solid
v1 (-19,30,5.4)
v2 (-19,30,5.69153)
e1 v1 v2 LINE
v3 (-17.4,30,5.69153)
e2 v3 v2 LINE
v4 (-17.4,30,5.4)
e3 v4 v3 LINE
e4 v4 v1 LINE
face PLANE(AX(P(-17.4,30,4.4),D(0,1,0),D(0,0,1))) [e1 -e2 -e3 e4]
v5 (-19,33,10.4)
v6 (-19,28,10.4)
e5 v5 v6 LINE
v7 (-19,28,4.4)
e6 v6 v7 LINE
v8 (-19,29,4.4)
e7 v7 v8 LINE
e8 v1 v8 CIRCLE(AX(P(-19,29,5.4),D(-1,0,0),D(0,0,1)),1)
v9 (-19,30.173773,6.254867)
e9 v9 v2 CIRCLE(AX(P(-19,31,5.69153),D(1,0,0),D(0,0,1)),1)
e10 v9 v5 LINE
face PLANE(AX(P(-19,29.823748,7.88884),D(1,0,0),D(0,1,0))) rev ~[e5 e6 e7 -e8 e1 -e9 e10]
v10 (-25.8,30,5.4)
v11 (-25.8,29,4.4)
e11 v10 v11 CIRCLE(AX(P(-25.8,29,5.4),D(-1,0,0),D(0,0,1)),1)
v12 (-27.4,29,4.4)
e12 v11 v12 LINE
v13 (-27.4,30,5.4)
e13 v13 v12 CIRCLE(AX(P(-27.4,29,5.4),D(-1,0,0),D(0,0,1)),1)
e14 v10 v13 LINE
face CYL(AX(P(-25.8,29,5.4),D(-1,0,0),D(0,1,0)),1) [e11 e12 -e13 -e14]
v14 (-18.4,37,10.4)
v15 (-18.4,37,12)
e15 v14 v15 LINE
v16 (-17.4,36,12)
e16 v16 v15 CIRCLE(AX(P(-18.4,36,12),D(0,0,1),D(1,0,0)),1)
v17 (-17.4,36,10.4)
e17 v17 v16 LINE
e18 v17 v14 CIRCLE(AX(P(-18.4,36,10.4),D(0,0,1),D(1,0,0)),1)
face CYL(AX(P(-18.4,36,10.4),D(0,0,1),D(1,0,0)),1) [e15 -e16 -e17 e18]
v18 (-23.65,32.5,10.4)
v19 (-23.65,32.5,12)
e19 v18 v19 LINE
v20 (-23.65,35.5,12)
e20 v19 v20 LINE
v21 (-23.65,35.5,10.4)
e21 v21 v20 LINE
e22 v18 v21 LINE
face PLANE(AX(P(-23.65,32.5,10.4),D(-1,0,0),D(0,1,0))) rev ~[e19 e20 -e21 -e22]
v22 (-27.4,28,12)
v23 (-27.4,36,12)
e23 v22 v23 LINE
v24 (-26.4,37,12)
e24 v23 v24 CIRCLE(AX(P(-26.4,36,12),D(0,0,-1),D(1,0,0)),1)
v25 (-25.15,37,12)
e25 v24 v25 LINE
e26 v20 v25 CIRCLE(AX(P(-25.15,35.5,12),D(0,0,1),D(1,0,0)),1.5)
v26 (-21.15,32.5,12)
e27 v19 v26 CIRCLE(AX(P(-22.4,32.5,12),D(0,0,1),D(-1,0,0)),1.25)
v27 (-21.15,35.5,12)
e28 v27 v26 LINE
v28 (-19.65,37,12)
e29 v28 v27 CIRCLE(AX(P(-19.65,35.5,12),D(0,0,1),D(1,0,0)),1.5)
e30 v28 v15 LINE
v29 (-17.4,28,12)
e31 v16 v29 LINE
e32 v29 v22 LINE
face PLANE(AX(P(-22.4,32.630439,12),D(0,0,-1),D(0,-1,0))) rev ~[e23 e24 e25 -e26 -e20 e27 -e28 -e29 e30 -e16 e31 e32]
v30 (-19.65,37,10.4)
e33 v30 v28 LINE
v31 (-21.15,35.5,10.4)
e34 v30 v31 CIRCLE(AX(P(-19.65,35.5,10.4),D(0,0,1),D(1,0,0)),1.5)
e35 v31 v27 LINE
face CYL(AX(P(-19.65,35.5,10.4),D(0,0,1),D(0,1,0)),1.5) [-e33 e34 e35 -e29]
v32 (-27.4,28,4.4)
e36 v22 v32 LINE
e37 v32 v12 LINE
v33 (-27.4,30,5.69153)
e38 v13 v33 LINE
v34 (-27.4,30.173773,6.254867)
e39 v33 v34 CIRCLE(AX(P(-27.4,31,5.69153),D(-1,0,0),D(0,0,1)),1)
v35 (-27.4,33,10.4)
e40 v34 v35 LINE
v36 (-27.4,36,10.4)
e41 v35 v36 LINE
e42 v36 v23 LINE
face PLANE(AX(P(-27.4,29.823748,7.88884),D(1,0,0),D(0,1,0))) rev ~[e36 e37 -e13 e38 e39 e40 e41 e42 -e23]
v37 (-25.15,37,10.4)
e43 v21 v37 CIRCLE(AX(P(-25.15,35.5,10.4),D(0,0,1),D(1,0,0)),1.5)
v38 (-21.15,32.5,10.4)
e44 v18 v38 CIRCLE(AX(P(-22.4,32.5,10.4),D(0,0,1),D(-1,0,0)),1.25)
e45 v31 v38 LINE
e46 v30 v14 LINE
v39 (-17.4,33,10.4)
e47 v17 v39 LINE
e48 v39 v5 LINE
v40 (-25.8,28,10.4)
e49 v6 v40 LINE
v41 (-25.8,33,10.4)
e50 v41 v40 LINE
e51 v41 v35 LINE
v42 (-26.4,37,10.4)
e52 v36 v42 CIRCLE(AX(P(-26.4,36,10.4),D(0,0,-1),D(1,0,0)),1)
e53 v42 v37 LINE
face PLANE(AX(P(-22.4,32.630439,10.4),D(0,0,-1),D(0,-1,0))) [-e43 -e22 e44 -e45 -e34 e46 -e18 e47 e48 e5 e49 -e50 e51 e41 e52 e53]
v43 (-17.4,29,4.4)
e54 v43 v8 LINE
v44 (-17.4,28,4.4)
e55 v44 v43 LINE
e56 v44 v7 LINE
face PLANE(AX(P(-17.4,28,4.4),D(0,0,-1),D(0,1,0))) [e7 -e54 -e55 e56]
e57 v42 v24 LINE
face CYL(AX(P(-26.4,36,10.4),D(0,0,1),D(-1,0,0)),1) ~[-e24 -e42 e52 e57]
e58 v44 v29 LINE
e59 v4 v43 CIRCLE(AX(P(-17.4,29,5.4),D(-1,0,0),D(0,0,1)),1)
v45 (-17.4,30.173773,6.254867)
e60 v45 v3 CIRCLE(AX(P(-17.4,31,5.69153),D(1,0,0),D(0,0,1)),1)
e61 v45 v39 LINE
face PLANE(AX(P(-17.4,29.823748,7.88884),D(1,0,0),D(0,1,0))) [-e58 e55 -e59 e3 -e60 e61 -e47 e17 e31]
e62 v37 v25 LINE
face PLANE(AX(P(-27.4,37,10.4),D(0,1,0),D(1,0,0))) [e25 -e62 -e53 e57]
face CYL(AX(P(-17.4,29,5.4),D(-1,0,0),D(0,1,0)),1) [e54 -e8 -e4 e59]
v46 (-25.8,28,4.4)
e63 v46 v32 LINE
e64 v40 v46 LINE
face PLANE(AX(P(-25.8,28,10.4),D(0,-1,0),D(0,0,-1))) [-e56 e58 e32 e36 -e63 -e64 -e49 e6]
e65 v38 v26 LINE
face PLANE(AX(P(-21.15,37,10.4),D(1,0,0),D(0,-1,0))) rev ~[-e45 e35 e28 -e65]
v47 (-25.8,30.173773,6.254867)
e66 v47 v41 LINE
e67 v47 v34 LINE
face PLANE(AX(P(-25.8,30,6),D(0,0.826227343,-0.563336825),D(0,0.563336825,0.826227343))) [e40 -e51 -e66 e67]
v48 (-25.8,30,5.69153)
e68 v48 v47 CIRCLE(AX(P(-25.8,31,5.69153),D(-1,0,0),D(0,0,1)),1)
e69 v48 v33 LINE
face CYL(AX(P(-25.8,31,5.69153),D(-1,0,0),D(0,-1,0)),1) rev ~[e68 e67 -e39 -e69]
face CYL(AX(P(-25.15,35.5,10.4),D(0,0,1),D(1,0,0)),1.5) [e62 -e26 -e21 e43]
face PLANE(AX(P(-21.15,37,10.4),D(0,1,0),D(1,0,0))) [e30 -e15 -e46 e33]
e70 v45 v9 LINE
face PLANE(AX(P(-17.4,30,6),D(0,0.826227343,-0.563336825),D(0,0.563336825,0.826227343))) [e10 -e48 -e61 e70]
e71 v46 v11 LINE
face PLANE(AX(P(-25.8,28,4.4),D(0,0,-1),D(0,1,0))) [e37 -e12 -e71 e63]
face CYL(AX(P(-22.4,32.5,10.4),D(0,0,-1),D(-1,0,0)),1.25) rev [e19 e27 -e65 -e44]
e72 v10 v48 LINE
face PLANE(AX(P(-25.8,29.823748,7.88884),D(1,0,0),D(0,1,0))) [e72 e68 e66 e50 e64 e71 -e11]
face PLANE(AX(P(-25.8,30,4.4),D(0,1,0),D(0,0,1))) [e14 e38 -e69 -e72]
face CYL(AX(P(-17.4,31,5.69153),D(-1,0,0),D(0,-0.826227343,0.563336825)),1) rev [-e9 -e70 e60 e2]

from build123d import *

# Parameters (mm, degrees)
PAD006_DEPTH            = 1.6
PAD007_DEPTH            = 1.6
LINEARPATTERN002_COUNT  = 2
LINEARPATTERN002_PITCH  = 8.4
FILLET008_R             = 1
FILLET009_R             = 1
FILLET010_R             = 1
FILLET011_R             = 1.5
BODY003_PLACEMENT_ANGLE = 90


with BuildPart() as part:
    # Sketch008 → Pad006 (new body)
    with BuildSketch(Plane.XY):
        with BuildLine():
            Line((-4.5, 5), (4.5, 5))
            Line((4.5, 5), (4.5, 1.25))
            Line((0, 1.25), (4.5, 1.25))
            ThreePointArc((0, 1.25), (-1.25, 0), (0, -1.25))
            Line((4.5, -1.25), (0, -1.25))
            Line((4.5, -1.25), (4.5, -5))
            Line((4.5, -5), (-4.5, -5))
            Line((-4.5, -5), (-4.5, 5))
        make_face()
    extrude(amount=PAD006_DEPTH)

    # Sketch009 (on DatumPlane) → Pad007 (join)
    with BuildSketch(Plane.XZ.offset(5)):
        Polygon((-4.5, 0), (-4.5, -6), (-2.5, -6), (-2.5, -4.4), (0.5, 0), align=None)
    pad007 = extrude(amount=-PAD007_DEPTH)

    # LinearPattern002: Pad007 ×2
    with Locations(*[(0, i * LINEARPATTERN002_PITCH, 0) for i in range(1, LINEARPATTERN002_COUNT)]):
        add(pad007)

    # Fillet008
    fillet008_edges = [part.edges().sort_by_distance(p)[0] for p in [
        (-2.5, -4.2, -6),
        (-2.5, 4.2, -6),
    ]]
    fillet(fillet008_edges, radius=FILLET008_R)

    # Fillet009
    fillet009_edges = [part.edges().sort_by_distance(p)[0] for p in [
        (-2.5, -4.2, -4.4),
        (-2.5, 4.2, -4.4),
    ]]
    fillet(fillet009_edges, radius=FILLET009_R)

    # Fillet010
    fillet010_edges = [part.edges().sort_by_distance(p)[0] for p in [
        (4.5, -5, 0.8),
        (4.5, 5, 0.8),
    ]]
    fillet(fillet010_edges, radius=FILLET010_R)

    # Fillet011
    fillet011_edges = [part.edges().sort_by_distance(p)[0] for p in [
        (4.5, -1.25, 0.8),
        (4.5, 1.25, 0.8),
    ]]
    fillet(fillet011_edges, radius=FILLET011_R)


with BuildPart() as part_1:
    # Body003 placement: moved
    add(part.part.moved(Location((-22.4, 32.5, 10.4))).rotate(Axis((-22.4, 32.5, 10.4), (0, 0, 1)), BODY003_PLACEMENT_ANGLE))


solid = part_1.part
